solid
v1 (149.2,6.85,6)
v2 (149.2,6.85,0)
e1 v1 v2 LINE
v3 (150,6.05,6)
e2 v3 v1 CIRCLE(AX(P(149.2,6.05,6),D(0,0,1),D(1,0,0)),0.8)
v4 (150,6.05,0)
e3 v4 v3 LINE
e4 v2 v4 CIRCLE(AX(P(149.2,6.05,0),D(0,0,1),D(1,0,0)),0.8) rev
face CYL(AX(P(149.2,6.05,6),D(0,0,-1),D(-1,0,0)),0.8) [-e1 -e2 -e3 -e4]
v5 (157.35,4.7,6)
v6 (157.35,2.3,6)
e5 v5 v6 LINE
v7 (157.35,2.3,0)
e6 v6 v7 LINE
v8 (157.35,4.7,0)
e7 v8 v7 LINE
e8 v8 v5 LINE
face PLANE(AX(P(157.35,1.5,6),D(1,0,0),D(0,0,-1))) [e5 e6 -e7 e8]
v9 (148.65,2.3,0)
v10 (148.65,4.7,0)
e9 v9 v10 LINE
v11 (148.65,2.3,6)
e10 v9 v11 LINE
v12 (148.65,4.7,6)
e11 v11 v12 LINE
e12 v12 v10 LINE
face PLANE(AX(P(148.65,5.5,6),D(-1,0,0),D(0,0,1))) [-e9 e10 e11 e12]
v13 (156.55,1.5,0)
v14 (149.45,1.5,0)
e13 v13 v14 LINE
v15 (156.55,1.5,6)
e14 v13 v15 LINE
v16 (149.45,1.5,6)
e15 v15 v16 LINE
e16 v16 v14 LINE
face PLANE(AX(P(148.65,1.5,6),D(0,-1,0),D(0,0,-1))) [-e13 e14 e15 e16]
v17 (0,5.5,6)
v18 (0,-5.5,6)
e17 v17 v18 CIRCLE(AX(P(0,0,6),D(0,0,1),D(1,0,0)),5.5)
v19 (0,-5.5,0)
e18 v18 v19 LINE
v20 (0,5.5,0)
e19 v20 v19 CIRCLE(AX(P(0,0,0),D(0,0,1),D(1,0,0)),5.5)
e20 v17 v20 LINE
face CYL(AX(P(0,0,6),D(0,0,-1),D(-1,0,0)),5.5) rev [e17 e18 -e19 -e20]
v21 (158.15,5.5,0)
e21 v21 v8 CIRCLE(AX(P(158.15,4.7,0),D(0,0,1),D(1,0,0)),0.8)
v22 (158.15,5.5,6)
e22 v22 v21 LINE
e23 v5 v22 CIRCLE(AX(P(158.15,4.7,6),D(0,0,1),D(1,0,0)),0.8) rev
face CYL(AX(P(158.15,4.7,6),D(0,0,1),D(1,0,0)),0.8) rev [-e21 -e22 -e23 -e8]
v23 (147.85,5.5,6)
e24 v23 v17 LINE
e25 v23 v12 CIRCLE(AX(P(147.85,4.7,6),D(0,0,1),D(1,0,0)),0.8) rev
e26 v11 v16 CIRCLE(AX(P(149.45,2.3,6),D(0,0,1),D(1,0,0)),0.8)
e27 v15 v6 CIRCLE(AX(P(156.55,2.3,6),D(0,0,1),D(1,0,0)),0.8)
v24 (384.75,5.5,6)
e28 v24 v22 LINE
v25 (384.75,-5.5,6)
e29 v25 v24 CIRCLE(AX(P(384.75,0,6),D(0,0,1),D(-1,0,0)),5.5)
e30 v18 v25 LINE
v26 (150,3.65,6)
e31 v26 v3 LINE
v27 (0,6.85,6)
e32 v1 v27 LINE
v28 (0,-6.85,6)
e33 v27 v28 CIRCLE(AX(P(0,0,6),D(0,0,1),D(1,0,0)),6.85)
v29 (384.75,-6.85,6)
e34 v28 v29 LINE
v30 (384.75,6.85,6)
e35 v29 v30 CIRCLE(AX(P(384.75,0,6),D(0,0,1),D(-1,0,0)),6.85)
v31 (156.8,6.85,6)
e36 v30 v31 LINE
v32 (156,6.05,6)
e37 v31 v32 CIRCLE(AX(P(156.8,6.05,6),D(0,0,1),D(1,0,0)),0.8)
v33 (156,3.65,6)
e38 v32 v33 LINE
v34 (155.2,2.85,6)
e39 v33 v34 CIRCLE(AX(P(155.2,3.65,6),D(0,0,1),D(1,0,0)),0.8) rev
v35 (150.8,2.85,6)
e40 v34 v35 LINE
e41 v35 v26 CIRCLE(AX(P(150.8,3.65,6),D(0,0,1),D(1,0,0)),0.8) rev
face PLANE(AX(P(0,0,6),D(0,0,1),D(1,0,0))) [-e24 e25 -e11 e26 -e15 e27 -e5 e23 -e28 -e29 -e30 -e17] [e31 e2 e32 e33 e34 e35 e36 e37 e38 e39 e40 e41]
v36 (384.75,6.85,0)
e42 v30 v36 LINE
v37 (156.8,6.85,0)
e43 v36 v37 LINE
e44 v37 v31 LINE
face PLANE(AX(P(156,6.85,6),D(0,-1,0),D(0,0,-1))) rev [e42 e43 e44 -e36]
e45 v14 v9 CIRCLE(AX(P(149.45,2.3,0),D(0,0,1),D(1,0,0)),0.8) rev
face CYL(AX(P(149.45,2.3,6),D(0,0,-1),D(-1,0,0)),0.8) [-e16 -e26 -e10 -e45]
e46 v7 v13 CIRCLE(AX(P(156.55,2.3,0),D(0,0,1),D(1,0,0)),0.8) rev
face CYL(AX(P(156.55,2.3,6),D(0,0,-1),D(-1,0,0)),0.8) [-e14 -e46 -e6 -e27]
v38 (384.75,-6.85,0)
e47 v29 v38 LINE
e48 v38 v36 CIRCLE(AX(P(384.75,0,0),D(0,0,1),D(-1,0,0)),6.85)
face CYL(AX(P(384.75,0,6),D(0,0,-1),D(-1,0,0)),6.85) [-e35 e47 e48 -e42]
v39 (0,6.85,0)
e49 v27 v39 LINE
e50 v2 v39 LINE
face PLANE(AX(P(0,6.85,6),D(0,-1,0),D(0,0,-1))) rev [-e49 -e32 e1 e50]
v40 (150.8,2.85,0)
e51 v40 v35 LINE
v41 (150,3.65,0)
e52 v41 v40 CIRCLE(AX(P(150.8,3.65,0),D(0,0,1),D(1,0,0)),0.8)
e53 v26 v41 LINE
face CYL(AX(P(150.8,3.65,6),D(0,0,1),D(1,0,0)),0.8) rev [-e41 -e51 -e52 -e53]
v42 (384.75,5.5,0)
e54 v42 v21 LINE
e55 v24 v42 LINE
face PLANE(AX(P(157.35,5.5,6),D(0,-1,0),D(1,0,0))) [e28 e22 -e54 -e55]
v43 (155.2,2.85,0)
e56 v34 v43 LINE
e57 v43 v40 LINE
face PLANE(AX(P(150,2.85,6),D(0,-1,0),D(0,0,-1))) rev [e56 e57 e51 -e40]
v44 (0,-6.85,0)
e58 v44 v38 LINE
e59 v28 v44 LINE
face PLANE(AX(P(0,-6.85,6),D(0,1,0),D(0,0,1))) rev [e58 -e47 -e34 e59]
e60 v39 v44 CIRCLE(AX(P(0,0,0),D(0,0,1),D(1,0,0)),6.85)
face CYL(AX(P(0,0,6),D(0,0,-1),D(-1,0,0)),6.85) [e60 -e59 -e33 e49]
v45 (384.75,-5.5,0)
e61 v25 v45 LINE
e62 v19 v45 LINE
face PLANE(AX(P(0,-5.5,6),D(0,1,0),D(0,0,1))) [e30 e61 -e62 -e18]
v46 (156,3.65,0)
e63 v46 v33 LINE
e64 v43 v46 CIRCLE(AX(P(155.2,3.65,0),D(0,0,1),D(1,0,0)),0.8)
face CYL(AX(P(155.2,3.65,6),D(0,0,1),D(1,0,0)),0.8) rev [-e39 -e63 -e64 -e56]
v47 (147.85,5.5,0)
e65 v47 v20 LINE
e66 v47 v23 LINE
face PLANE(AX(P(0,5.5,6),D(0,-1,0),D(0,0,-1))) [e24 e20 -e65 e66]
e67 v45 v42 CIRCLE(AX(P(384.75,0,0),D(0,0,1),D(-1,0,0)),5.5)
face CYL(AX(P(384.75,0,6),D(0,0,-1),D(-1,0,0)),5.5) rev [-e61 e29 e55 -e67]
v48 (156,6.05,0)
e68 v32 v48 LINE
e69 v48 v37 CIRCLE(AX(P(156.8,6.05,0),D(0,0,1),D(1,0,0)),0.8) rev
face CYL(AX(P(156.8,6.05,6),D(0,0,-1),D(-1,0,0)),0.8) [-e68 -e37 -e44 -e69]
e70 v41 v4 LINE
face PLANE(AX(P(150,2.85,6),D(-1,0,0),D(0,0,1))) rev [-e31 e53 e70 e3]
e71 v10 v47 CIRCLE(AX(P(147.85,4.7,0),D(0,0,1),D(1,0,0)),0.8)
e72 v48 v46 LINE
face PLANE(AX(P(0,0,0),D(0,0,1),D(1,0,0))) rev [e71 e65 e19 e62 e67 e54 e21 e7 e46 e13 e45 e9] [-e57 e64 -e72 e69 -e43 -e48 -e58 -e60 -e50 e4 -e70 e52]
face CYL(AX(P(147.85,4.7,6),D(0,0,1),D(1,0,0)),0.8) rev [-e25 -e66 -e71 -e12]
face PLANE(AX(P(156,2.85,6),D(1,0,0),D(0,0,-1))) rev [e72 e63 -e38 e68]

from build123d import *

# Parameters (mm, degrees)
SALIENTE_EXTRUIR1_DEPTH = 6
REDONDEO1_R             = 0.8


with BuildPart() as part:
    # Croquis1 → Saliente-Extruir1 (new body)
    with BuildSketch(Plane.XY):
        with BuildLine():
            Line((0, 6.85), (150, 6.85))
            Line((150, 6.85), (150, 2.85))
            Line((150, 2.85), (156, 2.85))
            Line((156, 2.85), (156, 6.85))
            Line((156, 6.85), (384.75, 6.85))
            ThreePointArc((384.75, 6.85), (391.6, 0), (384.75, -6.85))
            Line((384.75, -6.85), (0, -6.85))
            ThreePointArc((0, -6.85), (-6.85, 0), (0, 6.85))
        make_face()
        with BuildLine():
            Line((0, 5.5), (148.65, 5.5))
            Line((148.65, 5.5), (148.65, 1.5))
            Line((148.65, 1.5), (157.35, 1.5))
            Line((157.35, 1.5), (157.35, 5.5))
            Line((157.35, 5.5), (384.75, 5.5))
            ThreePointArc((384.75, 5.5), (390.25, 0), (384.75, -5.5))
            Line((384.75, -5.5), (0, -5.5))
            ThreePointArc((0, -5.5), (-5.5, 0), (0, 5.5))
        make_face(mode=Mode.SUBTRACT)
    extrude(amount=SALIENTE_EXTRUIR1_DEPTH)

    # Redondeo1
    redondeo1_edges = [part.edges().sort_by_distance(p)[0] for p in [
        (150, 6.85, 3),
        (150, 2.85, 3),
        (156, 2.85, 3),
        (156, 6.85, 3),
        (157.35, 5.5, 3),
        (157.35, 1.5, 3),
        (148.65, 1.5, 3),
        (148.65, 5.5, 3),
    ]]
    fillet(redondeo1_edges, radius=REDONDEO1_R)


solid = part.part
